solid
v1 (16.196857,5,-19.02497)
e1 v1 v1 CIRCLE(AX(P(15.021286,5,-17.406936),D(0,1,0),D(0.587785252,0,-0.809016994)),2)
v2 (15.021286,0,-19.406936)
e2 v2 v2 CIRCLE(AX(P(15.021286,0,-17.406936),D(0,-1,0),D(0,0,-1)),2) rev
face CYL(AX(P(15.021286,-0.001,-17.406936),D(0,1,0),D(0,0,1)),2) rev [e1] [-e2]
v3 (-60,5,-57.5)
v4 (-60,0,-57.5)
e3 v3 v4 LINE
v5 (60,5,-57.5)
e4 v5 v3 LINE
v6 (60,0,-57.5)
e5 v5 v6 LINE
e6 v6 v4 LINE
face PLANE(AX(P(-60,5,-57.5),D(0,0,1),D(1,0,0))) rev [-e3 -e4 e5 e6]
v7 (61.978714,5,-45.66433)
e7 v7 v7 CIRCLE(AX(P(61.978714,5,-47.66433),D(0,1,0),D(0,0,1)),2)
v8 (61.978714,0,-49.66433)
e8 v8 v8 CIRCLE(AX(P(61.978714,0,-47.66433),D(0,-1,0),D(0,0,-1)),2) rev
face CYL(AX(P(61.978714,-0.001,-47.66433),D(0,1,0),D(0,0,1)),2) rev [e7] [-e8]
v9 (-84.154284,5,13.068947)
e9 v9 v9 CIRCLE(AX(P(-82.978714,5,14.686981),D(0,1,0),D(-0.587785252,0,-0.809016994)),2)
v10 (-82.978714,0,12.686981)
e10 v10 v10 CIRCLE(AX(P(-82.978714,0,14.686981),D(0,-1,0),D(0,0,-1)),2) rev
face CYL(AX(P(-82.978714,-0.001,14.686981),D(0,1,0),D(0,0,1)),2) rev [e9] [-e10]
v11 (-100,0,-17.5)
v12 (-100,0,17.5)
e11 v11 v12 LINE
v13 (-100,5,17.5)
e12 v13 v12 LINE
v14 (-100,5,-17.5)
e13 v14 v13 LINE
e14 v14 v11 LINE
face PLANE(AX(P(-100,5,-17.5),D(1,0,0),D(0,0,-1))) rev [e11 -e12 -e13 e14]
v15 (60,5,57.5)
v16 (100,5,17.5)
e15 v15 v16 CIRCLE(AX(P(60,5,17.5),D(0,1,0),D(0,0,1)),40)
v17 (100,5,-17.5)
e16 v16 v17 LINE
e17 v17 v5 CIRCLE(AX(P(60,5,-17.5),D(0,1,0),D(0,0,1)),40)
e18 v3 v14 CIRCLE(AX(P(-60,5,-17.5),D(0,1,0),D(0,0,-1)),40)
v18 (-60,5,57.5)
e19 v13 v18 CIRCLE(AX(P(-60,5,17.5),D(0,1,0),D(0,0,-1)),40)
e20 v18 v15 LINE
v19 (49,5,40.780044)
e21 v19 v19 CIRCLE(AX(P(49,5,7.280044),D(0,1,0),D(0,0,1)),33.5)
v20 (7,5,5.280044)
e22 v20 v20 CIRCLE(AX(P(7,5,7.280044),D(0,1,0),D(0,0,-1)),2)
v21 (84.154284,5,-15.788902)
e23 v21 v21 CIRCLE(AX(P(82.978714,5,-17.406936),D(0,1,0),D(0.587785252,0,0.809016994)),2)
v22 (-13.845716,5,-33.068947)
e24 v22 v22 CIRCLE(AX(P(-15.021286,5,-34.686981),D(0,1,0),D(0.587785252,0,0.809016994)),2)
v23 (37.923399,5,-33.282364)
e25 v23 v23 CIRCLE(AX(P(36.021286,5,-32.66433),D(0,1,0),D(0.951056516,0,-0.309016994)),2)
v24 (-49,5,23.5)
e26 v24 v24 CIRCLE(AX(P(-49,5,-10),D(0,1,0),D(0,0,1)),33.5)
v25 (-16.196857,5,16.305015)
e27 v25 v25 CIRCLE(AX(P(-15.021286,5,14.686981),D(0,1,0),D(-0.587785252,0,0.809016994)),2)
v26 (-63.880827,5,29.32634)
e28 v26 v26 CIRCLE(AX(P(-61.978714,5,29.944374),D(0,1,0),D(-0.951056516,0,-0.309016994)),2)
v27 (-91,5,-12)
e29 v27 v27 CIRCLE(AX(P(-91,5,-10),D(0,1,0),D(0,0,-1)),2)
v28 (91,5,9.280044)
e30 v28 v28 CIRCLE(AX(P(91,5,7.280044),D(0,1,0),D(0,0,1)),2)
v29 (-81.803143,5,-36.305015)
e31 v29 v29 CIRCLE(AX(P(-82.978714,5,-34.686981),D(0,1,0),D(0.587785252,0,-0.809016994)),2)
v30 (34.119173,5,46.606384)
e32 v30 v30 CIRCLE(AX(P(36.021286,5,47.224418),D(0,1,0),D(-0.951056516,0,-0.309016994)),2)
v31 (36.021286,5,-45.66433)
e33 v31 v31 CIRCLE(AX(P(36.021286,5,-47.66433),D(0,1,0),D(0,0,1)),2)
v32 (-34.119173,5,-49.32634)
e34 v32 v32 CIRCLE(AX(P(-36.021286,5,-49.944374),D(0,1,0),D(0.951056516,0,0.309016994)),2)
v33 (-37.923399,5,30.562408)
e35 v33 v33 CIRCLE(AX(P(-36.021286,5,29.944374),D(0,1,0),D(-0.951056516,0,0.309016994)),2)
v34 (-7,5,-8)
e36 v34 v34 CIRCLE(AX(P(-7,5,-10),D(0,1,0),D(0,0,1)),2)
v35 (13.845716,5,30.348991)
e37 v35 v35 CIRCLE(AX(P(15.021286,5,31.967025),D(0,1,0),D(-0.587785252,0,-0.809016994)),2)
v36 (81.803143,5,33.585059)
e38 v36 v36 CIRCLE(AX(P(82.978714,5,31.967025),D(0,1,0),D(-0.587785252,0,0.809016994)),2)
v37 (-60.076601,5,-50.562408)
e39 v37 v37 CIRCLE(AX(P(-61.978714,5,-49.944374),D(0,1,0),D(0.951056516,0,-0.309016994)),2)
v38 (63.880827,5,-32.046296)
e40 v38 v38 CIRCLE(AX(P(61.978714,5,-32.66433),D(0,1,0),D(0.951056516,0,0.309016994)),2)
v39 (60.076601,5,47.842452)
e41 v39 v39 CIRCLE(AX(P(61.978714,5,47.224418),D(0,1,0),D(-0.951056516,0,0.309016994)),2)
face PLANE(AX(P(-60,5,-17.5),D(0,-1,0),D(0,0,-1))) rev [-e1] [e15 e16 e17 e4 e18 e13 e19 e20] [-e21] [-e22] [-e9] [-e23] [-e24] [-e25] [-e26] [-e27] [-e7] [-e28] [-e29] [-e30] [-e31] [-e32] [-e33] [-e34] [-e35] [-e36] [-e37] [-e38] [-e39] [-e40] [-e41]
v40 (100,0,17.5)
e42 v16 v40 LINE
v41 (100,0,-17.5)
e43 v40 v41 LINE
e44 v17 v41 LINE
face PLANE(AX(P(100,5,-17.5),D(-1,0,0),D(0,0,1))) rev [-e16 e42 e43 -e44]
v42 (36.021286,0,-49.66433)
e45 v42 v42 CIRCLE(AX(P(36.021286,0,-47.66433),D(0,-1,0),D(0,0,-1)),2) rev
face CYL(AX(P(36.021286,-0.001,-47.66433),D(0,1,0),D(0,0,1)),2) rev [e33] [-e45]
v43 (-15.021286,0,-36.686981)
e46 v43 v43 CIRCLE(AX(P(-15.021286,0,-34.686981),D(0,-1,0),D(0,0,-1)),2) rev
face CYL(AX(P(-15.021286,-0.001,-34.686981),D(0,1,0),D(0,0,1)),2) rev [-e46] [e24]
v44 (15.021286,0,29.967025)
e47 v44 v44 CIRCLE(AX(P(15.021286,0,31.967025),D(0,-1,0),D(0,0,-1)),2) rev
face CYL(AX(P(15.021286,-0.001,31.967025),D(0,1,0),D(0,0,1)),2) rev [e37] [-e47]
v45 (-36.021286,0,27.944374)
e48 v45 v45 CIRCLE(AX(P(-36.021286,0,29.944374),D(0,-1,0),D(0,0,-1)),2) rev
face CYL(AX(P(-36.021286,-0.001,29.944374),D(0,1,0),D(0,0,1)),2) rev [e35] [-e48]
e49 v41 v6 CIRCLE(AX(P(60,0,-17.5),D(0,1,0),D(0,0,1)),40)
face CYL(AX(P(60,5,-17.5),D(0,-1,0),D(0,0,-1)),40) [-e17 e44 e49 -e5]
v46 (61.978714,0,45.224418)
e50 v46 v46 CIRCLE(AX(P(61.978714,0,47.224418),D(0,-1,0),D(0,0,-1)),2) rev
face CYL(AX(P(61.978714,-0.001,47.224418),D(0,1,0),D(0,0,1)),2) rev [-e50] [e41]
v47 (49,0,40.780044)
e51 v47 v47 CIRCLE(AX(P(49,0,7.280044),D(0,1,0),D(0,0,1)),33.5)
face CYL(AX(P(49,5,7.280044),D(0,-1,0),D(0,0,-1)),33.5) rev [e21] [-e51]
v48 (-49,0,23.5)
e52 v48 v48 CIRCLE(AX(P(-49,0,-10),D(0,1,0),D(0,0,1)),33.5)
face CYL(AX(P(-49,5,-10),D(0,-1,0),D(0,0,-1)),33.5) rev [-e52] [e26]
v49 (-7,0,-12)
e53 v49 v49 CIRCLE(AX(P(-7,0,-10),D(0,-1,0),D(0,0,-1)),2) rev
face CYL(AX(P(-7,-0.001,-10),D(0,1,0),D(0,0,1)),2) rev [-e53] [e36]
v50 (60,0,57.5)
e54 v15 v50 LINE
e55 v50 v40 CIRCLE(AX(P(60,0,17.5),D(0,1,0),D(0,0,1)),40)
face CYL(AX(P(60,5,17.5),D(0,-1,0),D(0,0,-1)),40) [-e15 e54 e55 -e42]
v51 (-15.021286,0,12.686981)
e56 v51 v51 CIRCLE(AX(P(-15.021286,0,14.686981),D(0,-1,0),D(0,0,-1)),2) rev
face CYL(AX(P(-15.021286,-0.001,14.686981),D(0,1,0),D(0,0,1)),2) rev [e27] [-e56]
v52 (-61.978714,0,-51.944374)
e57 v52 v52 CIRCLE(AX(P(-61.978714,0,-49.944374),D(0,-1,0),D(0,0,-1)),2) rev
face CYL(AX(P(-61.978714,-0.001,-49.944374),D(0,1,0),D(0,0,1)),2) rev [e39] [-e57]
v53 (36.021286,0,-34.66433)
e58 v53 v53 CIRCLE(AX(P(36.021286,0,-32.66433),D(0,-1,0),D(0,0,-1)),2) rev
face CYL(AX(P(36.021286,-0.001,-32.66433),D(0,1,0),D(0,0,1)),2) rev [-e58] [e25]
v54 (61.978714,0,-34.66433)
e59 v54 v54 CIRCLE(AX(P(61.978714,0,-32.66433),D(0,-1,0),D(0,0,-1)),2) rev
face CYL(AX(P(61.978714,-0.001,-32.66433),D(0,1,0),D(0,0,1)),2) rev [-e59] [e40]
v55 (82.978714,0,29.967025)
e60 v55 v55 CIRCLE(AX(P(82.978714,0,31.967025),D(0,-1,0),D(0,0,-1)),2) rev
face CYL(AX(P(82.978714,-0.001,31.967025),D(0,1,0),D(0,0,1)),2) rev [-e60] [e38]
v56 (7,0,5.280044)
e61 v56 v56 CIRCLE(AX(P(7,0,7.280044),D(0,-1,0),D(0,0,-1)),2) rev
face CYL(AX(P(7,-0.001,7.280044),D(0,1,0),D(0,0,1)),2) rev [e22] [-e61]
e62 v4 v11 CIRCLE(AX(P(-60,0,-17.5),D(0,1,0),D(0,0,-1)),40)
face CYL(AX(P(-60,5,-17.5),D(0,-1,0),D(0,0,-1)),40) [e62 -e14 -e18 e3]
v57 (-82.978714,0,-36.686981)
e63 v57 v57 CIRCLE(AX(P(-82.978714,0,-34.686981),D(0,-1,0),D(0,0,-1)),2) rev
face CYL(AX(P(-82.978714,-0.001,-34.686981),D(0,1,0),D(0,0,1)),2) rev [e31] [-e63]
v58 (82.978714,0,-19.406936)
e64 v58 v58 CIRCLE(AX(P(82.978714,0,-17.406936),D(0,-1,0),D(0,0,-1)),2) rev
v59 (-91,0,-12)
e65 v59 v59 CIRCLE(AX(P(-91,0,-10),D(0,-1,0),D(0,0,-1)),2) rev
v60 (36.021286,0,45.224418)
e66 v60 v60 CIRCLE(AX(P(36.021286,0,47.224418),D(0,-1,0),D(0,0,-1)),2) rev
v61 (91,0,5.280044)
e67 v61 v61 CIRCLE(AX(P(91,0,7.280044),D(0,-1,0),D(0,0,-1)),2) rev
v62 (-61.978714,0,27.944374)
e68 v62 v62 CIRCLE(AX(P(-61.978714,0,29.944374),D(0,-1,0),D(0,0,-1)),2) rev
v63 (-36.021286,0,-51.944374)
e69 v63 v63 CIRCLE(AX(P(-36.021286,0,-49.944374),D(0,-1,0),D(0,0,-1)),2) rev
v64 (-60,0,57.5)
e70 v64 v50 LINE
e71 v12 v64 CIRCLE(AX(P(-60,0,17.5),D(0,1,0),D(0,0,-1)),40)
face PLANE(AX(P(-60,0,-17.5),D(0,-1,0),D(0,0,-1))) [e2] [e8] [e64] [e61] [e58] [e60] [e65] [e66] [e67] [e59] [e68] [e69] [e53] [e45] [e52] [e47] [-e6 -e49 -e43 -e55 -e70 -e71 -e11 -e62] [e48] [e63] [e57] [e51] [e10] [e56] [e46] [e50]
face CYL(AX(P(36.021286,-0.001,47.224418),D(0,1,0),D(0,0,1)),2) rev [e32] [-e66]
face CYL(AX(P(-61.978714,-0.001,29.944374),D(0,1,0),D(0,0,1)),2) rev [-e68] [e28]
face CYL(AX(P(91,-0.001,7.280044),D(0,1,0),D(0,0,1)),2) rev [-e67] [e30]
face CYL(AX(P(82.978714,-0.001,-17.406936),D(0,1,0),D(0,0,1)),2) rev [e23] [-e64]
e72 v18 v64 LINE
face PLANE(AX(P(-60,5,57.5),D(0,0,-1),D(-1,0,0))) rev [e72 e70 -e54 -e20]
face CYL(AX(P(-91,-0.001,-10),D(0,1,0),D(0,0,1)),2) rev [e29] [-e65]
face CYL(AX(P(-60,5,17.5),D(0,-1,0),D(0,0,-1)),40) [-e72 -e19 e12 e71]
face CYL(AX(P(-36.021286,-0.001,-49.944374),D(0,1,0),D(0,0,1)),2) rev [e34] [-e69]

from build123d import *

# Parameters (mm, degrees)
SKETCH_1_R               = 33.5
EXTRUDE_1_DEPTH          = 5
CUT_EXTRUDE_1_REACH      = 117.461
SKETCH_2_R               = 2
PATTERN_CIRCULAR_1_COUNT = 10
CUT_EXTRUDE_2_REACH      = 117.461
SKETCH_3_R               = 2
PATTERN_CIRCULAR_2_COUNT = 10
CUT_EXTRUDE_3_REACH      = 117.461
SKETCH_4_R               = 2


with BuildPart() as part:
    # 草圖1 → 填料-伸長1 (new body)
    with BuildSketch(Plane(origin=(0, 0, 0), x_dir=(1, 0, 0), z_dir=(0, 1, 0))):
        with BuildLine():
            Line((-60, 57.5), (60, 57.5))
            ThreePointArc((60, 57.5), (88.284271247, 45.784271247), (100, 17.5))
            Line((100, 17.5), (100, -17.5))
            ThreePointArc((100, -17.5), (88.284271247, -45.784271247), (60, -57.5))
            Line((60, -57.5), (-60, -57.5))
            ThreePointArc((-60, -57.5), (-88.284271247, -45.784271247), (-100, -17.5))
            Line((-100, -17.5), (-100, 17.5))
            ThreePointArc((-100, 17.5), (-88.284271247, 45.784271247), (-60, 57.5))
        make_face()
        with Locations(Location((-49, 10, 0), (0, 0, 270))):
            Circle(SKETCH_1_R, mode=Mode.SUBTRACT)
        with Locations(Location((49, -7.280044109, 0), (0, 0, 270))):
            Circle(SKETCH_1_R, mode=Mode.SUBTRACT)
    extrude(amount=EXTRUDE_1_DEPTH)

    # 草圖2 → 除料-伸長1 (cut, up to next)
    with BuildSketch(Plane(origin=(0, 5, 0), x_dir=(1, 0, 0), z_dir=(0, 1, 0)), mode=Mode.PRIVATE) as cut_extrude_1_sk1:
        with Locations(Location((91, -7.280044109, 0), (0, 0, 270))):
            Circle(SKETCH_2_R)
    cut_extrude_1_tool1 = extrude(cut_extrude_1_sk1.sketch, amount=-CUT_EXTRUDE_1_REACH, mode=Mode.PRIVATE) & part.part
    cut_extrude_1 = cut_extrude_1_tool1.solids().sort_by_distance((91, 5, 7.280044))[0]
    add(cut_extrude_1, mode=Mode.SUBTRACT)

    # 環狀複製排列1: 除料-伸長1 ×10 about axis
    pattern_circular_1_axis = Axis((49, 0, 7.280044109), (0, 1, 0))
    for i in range(1, PATTERN_CIRCULAR_1_COUNT):
        add(cut_extrude_1.rotate(pattern_circular_1_axis, i * 360 / PATTERN_CIRCULAR_1_COUNT), mode=Mode.SUBTRACT)

    # 草圖3 → 除料-伸長2 (cut, up to next)
    with BuildSketch(Plane(origin=(0, 5, 0), x_dir=(1, 0, 0), z_dir=(0, 1, 0)), mode=Mode.PRIVATE) as cut_extrude_2_sk1:
        with Locations(Location((-7, 10, 0), (0, 0, 270))):
            Circle(SKETCH_3_R)
    cut_extrude_2_tool1 = extrude(cut_extrude_2_sk1.sketch, amount=-CUT_EXTRUDE_2_REACH, mode=Mode.PRIVATE) & part.part
    cut_extrude_2 = cut_extrude_2_tool1.solids().sort_by_distance((-7, 5, -10))[0]
    add(cut_extrude_2, mode=Mode.SUBTRACT)

    # 環狀複製排列2: 除料-伸長2 ×10 about axis
    pattern_circular_2_axis = Axis((-49, 0, -10), (0, 1, 0))
    for i in range(1, PATTERN_CIRCULAR_2_COUNT):
        add(cut_extrude_2.rotate(pattern_circular_2_axis, i * 360 / PATTERN_CIRCULAR_2_COUNT), mode=Mode.SUBTRACT)

    # 草圖4 → 除料-伸長3 (cut, up to next)
    with BuildSketch(Plane(origin=(0, 5, 0), x_dir=(1, 0, 0), z_dir=(0, 1, 0)), mode=Mode.PRIVATE) as cut_extrude_3_sk1:
        with Locations(Location((36.021286236, 47.664329575, 0), (0, 0, 270))):
            Circle(SKETCH_4_R)
    cut_extrude_3_tool1 = extrude(cut_extrude_3_sk1.sketch, amount=-CUT_EXTRUDE_3_REACH, mode=Mode.PRIVATE) & part.part
    # 草圖4 → 除料-伸長3 (cut, up to next)
    with BuildSketch(Plane(origin=(0, 5, 0), x_dir=(1, 0, 0), z_dir=(0, 1, 0)), mode=Mode.PRIVATE) as cut_extrude_3_sk2:
        with Locations(Location((61.978713764, 47.664329575, 0), (0, 0, 270))):
            Circle(SKETCH_4_R)
    cut_extrude_3_tool2 = extrude(cut_extrude_3_sk2.sketch, amount=-CUT_EXTRUDE_3_REACH, mode=Mode.PRIVATE) & part.part
    add(cut_extrude_3_tool1.solids().sort_by_distance((36.021286, 5, -47.66433))[0], mode=Mode.SUBTRACT)
    add(cut_extrude_3_tool2.solids().sort_by_distance((61.978714, 5, -47.66433))[0], mode=Mode.SUBTRACT)


solid = part.part
